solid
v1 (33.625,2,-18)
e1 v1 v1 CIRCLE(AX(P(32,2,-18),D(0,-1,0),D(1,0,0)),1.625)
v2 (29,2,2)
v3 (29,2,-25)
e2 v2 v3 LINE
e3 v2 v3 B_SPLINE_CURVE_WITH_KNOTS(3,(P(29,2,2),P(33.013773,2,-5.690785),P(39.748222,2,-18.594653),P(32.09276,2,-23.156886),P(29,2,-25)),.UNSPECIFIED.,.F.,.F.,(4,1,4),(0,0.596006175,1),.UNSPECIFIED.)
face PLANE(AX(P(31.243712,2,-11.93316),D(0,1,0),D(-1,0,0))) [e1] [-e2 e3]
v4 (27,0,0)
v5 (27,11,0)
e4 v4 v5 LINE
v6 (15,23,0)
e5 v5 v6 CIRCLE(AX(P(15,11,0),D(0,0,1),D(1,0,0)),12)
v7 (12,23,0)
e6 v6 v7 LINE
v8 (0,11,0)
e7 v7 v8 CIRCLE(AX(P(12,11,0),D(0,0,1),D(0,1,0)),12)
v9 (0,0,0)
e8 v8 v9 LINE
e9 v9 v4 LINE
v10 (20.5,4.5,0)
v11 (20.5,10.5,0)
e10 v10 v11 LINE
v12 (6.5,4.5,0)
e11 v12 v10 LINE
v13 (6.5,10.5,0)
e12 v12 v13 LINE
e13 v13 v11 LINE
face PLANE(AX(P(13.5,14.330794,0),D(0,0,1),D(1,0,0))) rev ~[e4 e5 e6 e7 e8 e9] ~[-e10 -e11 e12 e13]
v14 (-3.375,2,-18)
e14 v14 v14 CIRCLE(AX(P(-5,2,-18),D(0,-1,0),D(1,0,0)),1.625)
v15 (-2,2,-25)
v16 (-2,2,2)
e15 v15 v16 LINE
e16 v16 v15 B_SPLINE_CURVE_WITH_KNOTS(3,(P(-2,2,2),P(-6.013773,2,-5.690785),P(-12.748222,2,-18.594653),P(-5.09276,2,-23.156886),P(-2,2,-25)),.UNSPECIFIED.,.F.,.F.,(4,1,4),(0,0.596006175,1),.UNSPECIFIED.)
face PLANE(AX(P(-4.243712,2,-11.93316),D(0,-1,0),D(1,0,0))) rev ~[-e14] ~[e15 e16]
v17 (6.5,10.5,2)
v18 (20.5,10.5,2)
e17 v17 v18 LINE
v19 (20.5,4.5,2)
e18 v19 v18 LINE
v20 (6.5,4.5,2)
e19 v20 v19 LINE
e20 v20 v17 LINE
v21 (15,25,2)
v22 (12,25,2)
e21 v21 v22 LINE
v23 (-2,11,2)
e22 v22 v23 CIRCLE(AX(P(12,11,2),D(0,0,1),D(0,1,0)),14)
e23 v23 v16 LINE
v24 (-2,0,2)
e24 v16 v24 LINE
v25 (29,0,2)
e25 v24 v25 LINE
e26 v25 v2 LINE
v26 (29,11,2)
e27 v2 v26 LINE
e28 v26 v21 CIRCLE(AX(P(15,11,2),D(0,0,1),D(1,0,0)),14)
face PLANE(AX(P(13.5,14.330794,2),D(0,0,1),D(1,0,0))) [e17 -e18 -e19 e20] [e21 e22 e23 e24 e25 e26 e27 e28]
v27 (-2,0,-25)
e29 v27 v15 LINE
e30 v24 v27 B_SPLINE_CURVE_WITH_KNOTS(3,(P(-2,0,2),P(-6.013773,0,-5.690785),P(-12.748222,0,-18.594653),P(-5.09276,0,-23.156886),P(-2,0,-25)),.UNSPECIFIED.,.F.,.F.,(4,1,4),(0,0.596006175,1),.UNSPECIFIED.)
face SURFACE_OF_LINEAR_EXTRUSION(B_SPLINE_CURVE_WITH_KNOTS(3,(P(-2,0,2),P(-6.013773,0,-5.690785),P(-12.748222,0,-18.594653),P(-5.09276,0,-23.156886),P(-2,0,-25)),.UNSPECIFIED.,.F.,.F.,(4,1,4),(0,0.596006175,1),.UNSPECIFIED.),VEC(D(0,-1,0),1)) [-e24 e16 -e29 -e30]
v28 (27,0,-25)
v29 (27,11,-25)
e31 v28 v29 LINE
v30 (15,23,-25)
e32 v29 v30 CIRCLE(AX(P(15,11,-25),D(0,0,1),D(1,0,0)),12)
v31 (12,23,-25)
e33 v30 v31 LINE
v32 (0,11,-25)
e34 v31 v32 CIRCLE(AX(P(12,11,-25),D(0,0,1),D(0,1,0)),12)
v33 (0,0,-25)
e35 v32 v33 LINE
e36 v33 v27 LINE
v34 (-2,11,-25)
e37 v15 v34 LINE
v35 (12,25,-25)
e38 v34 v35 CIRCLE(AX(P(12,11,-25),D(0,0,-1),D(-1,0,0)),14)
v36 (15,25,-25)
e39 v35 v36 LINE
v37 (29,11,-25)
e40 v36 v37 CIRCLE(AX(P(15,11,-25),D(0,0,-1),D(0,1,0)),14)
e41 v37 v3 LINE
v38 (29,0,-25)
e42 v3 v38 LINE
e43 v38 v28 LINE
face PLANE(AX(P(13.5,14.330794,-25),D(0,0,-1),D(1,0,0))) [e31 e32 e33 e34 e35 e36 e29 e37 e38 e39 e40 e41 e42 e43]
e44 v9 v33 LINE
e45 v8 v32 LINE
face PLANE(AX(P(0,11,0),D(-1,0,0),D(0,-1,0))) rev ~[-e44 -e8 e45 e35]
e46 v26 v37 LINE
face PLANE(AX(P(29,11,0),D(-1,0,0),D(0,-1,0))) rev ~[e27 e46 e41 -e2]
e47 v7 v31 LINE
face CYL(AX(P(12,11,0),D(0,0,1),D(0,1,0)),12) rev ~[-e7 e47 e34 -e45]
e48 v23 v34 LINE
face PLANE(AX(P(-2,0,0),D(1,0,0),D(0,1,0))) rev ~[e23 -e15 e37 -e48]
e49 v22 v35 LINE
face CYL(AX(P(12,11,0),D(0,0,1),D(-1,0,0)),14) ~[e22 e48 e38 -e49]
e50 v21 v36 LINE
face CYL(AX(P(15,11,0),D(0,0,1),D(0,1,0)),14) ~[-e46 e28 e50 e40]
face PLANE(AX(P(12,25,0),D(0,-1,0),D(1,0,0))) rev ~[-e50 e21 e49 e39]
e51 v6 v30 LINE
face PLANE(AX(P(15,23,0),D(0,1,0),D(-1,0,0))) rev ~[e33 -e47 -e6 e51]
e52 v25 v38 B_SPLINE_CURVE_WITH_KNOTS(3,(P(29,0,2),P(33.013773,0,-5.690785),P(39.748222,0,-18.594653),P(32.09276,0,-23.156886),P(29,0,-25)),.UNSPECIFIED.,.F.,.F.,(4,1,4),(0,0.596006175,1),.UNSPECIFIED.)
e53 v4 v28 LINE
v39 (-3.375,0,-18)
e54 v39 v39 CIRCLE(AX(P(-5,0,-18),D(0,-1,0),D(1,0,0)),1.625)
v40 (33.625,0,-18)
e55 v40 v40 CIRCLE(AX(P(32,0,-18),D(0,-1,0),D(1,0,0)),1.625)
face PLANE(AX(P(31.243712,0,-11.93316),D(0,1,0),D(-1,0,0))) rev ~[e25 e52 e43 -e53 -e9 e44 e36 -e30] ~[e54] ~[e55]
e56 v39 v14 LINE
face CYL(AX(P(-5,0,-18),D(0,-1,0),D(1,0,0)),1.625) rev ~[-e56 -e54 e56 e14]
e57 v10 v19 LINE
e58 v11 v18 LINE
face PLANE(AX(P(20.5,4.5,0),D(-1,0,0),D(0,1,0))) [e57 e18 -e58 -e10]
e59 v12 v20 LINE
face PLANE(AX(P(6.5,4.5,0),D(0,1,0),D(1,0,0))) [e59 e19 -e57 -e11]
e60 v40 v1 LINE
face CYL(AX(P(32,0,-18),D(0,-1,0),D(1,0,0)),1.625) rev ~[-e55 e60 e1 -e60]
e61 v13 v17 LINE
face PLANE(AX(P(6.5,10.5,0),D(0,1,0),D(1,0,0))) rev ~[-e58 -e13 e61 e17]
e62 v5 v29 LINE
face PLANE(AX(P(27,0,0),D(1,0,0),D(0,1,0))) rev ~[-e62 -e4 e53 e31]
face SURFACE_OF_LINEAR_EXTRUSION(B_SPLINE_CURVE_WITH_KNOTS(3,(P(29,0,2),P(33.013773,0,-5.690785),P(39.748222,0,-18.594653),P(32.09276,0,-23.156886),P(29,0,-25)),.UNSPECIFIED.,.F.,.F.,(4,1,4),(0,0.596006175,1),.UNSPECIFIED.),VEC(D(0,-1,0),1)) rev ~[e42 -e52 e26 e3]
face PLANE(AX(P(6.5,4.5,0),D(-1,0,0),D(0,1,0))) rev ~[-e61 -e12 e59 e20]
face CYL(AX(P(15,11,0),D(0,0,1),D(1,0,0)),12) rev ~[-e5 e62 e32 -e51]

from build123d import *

# Parameters (mm, degrees)
F0_W     = 14
F0_H     = 6
F1_DEPTH = 2
F3_DEPTH = 25
F4_R     = 1.625
F5_DEPTH = 2


with BuildPart() as f1:
    # F0 (on Top) → F1 (new body)
    with BuildSketch(Plane.XY):
        with BuildLine():
            ThreePointArc((0, 11), (3.5147186258, 19.4852813742), (12, 23))
            Line((12, 23), (15, 23))
            ThreePointArc((15, 23), (23.4852813742, 19.4852813742), (27, 11))
            Line((27, 11), (27, 5))
            Line((27, 5), (27, 0))
            Line((27, 0), (29, 0))
            Line((29, 0), (29, 5))
            Line((29, 5), (29, 11))
            ThreePointArc((29, 11), (24.8994949366, 20.8994949366), (15, 25))
            Line((15, 25), (12, 25))
            ThreePointArc((12, 25), (2.1005050634, 20.8994949366), (-2, 11))
            Line((-2, 11), (-2, 5))
            Line((-2, 5), (-2, 0))
            Line((-2, 0), (0, 0))
            Line((0, 0), (0, 5))
            Line((0, 5), (0, 11))
        make_face()
        with BuildLine():
            Line((15, 23), (12, 23))
            ThreePointArc((12, 23), (3.5147186258, 19.4852813742), (0, 11))
            Line((0, 11), (0, 5))
            Line((0, 5), (0, 0))
            Line((0, 0), (27, 0))
            Line((27, 0), (27, 5))
            Line((27, 5), (27, 11))
            ThreePointArc((27, 11), (23.4852813742, 19.4852813742), (15, 23))
        make_face()
        with Locations((13.5, 7.5)):
            Rectangle(F0_W, F0_H, mode=Mode.SUBTRACT)
    extrude(amount=F1_DEPTH)

    # F2 (on face) → F3 (join)
    with BuildSketch(Plane(origin=(0, 0, 0), x_dir=(1, 0, 0), z_dir=(0, 0, -1))):
        with BuildLine():
            Line((0, -11), (0, 0))
            Line((0, 0), (-2, 0))
            Line((-2, 0), (-2, -11))
            ThreePointArc((-2, -11), (2.1005050634, -20.8994949366), (12, -25))
            Line((12, -25), (15, -25))
            ThreePointArc((15, -25), (24.8994949366, -20.8994949366), (29, -11))
            Line((29, -11), (29, 0))
            Line((29, 0), (27, 0))
            Line((27, 0), (27, -11))
            ThreePointArc((27, -11), (23.4852813742, -19.4852813742), (15, -23))
            Line((15, -23), (12, -23))
            ThreePointArc((12, -23), (3.5147186258, -19.4852813742), (0, -11))
        make_face()
    extrude(amount=F3_DEPTH)

    # F4 (on face) → F5 (join)
    with BuildSketch(Plane.XZ):
        with BuildLine():
            add(Edge.make_bspline(
                [(29, 2), (33.0137730771, -5.6907851712), (39.7482218864, -18.594653438), (32.0927595214, -23.1568861551), (29, -25)],
                knots=[0, 0, 0, 0, 0.5960061752, 1, 1, 1, 1], degree=3))
            Line((29, 2), (29, -25))
        make_face()
        with Locations((32, -18)):
            Circle(F4_R, mode=Mode.SUBTRACT)
        with BuildLine():
            Line((-2, -25), (-2, 2))
            add(Edge.make_bspline(
                [(-2, 2), (-6.0137730771, -5.6907851712), (-12.7482218864, -18.594653438), (-5.0927595214, -23.1568861551), (-2, -25)],
                knots=[0, 0, 0, 0, 0.5960061752, 1, 1, 1, 1], degree=3))
        make_face()
        with Locations((-5, -18)):
            Circle(F4_R, mode=Mode.SUBTRACT)
    extrude(amount=-F5_DEPTH)


solid = f1.part
